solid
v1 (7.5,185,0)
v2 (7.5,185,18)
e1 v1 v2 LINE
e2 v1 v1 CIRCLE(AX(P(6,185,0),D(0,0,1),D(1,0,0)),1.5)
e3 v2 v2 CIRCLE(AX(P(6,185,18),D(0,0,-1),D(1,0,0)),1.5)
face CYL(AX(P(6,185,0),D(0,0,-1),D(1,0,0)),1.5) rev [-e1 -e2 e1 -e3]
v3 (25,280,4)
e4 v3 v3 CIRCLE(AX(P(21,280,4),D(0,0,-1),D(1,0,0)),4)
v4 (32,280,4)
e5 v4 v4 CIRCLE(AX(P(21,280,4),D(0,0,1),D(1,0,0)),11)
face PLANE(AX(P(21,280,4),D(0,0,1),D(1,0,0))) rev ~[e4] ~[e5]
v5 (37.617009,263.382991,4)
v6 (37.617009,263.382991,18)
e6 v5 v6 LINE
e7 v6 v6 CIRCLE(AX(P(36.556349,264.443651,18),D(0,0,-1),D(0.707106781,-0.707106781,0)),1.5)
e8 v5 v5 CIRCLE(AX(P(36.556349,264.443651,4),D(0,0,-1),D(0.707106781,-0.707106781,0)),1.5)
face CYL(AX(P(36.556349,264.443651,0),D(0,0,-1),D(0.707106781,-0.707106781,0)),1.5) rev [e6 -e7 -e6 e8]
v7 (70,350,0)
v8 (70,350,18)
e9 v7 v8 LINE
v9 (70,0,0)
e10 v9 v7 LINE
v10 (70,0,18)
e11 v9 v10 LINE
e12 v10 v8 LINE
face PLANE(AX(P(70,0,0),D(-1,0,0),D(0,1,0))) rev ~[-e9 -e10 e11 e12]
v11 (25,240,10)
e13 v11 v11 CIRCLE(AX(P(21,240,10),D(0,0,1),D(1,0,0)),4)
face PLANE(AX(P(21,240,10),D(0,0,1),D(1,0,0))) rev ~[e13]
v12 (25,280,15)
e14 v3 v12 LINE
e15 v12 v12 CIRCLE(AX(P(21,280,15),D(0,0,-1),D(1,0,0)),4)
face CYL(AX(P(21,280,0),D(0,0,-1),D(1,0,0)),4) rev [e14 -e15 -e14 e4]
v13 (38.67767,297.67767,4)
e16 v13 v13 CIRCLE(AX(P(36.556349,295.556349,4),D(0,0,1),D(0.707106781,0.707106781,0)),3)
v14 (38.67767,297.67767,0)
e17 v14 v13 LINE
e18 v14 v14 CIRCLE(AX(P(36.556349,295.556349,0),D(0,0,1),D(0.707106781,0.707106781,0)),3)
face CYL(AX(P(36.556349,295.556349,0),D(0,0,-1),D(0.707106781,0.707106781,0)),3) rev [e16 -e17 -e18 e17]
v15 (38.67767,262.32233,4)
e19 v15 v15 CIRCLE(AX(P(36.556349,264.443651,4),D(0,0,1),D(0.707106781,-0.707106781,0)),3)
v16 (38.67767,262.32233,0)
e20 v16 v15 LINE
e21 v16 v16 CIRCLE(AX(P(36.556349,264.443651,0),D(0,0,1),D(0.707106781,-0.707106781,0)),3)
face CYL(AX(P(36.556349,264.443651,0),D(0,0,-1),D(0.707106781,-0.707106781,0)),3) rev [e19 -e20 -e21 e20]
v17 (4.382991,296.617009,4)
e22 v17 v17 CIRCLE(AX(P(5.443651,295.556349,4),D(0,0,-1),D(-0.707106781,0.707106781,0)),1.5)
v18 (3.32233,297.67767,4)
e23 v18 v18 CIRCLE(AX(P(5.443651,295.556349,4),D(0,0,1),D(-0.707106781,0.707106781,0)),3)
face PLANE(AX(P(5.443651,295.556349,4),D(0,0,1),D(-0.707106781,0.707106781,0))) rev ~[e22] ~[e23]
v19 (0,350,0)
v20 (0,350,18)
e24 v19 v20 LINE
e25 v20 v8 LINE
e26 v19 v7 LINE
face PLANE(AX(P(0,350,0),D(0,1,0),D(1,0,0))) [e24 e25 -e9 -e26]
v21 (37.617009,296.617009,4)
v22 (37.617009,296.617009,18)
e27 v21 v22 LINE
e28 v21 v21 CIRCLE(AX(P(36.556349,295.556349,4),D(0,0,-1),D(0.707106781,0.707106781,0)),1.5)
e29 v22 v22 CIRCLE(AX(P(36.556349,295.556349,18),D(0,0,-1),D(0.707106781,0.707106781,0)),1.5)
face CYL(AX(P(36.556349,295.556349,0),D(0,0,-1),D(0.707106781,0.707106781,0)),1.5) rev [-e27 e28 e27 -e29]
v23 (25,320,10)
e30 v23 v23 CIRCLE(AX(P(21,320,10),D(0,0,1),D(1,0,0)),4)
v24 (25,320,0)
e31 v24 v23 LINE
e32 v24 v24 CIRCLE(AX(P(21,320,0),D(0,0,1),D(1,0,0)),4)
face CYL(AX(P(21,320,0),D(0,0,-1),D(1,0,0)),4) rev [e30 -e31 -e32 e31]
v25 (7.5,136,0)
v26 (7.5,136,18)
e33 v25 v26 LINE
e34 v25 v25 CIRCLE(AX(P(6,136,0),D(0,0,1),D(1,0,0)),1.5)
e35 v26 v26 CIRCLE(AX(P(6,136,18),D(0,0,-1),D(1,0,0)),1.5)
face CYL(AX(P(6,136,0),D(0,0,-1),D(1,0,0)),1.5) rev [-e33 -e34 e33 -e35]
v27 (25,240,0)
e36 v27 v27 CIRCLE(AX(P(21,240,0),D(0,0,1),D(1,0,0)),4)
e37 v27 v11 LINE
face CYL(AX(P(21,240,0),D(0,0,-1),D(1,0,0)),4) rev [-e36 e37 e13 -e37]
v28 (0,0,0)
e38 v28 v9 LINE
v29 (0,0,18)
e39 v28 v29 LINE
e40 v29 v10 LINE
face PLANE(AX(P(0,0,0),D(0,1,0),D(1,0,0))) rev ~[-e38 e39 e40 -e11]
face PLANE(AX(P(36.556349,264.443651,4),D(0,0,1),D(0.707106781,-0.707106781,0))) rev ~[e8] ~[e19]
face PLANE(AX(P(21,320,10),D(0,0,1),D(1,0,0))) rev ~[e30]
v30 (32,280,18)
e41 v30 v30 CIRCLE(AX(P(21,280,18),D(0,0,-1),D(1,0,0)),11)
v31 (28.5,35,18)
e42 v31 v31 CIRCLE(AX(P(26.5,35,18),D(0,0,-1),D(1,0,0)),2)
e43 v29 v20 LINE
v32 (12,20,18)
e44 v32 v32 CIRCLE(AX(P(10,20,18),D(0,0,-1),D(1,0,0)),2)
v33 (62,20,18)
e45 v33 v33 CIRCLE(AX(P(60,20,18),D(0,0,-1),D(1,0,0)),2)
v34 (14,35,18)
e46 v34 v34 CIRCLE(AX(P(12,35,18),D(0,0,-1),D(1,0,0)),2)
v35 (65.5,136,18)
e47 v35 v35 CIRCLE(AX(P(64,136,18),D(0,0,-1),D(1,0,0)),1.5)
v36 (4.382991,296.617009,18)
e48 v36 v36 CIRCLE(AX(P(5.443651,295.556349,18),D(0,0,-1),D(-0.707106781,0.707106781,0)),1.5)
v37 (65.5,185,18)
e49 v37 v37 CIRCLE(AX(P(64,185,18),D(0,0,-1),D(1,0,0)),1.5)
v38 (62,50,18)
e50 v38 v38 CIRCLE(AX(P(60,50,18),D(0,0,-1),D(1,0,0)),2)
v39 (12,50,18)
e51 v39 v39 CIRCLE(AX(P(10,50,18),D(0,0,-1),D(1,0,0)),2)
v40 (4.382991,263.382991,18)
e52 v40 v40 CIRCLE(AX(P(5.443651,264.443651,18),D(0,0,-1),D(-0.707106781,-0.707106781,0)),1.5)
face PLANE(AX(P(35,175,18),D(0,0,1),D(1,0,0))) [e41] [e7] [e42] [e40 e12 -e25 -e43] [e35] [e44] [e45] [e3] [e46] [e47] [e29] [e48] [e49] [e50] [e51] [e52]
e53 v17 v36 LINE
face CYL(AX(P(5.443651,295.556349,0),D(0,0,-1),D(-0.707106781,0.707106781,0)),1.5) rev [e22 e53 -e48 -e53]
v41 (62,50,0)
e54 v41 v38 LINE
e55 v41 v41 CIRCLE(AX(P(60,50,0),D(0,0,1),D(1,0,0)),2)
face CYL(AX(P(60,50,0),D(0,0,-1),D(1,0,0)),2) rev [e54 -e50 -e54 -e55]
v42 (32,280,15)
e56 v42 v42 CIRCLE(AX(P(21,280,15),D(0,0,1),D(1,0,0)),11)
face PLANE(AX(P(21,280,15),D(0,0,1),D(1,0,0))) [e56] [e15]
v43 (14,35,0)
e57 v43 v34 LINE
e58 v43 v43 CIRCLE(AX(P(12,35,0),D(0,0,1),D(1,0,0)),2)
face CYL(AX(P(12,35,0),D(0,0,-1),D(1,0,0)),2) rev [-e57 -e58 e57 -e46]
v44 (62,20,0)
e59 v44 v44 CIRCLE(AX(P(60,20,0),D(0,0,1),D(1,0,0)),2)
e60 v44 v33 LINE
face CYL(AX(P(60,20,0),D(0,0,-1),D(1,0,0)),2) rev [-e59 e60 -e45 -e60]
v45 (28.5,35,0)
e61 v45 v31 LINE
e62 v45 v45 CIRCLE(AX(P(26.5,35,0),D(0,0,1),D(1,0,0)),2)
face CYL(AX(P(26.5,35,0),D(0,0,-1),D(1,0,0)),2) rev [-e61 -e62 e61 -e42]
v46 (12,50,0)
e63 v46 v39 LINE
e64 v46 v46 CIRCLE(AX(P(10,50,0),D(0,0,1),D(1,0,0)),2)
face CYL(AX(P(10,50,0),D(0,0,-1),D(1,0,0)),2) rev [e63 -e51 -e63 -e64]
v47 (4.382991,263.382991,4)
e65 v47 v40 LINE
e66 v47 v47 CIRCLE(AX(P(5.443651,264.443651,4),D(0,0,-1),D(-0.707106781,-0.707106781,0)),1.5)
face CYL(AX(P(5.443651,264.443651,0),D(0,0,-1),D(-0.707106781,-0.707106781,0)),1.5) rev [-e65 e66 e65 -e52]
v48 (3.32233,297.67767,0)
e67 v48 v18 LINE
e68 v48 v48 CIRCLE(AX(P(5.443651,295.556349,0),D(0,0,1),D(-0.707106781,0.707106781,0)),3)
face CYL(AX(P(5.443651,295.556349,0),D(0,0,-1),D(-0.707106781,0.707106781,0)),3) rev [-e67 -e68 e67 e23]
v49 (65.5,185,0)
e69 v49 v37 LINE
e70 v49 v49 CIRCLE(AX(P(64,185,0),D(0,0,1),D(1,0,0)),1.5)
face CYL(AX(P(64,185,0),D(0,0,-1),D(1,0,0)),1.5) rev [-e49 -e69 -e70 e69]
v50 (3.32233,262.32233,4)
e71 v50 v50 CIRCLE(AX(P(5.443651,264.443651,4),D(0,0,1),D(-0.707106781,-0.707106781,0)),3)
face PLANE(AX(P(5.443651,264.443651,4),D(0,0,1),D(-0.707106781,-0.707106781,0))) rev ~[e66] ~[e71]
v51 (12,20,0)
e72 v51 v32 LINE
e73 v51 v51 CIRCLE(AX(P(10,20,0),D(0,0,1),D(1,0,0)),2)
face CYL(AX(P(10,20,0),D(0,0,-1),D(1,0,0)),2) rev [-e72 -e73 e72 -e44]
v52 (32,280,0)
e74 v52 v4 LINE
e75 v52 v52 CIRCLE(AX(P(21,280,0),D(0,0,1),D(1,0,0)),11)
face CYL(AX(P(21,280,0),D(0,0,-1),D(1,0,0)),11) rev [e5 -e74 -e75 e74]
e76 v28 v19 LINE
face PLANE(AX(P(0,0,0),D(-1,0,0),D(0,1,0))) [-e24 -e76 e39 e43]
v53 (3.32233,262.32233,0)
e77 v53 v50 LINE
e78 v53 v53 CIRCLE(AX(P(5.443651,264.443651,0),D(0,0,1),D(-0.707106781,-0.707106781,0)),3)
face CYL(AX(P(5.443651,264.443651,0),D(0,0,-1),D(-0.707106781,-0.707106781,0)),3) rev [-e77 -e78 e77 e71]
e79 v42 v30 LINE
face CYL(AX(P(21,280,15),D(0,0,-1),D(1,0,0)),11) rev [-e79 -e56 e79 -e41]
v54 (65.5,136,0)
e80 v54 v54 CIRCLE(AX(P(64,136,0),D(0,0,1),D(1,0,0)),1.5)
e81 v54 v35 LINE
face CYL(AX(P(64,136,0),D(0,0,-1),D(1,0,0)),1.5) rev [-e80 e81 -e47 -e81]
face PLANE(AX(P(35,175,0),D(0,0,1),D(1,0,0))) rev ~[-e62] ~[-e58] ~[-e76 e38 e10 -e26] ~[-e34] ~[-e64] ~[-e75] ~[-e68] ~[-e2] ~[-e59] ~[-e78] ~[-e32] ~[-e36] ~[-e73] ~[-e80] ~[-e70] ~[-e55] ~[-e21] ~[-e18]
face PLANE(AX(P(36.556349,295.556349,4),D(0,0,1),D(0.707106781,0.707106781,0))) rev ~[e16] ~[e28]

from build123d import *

# Parameters (mm, degrees)
CYLINDER015_R            = 3
CYLINDER015_DEPTH        = 4
ARRAY002_COUNT           = 4
ARRAY002_PLACEMENT_ANGLE = 45
CYLINDER014_R            = 4
CYLINDER014_DEPTH        = 10
ARRAY001_Y_COUNT         = 2
ARRAY001_Y_PITCH         = 80
CYLINDER011_R            = 4
CYLINDER011_DEPTH        = 25
CYLINDER012_R            = 11
CYLINDER012_DEPTH        = 10
CYLINDER013_R            = 11
CYLINDER013_DEPTH        = 4
CYLINDER010_R            = 1.5
CYLINDER010_DEPTH        = 25
ARRAY_COUNT              = 4
ARRAY_PLACEMENT_ANGLE    = 45
CYLINDER008_R            = 1.5
CYLINDER008_DEPTH        = 25
CYLINDER007_R            = 1.5
CYLINDER007_DEPTH        = 25
CYLINDER006_R            = 1.5
CYLINDER006_DEPTH        = 25
CYLINDER009_R            = 1.5
CYLINDER009_DEPTH        = 25
CYLINDER003_R            = 2
CYLINDER003_DEPTH        = 25
CYLINDER004_R            = 2
CYLINDER004_DEPTH        = 25
CYLINDER002_R            = 2
CYLINDER002_DEPTH        = 25
CYLINDER001_R            = 2
CYLINDER001_DEPTH        = 25
CYLINDER_R               = 2
CYLINDER_DEPTH           = 25
CYLINDER005_R            = 2
CYLINDER005_DEPTH        = 25
BOX_W                    = 70
BOX_H                    = 350
BOX_DEPTH                = 18


with BuildPart() as array002:
    # Cylinder015 → Cylinder015 (new body)
    with BuildSketch(Plane(origin=(22, 0, 0), x_dir=(1, 0, 0), z_dir=(0, 0, 1))):
        Circle(CYLINDER015_R)
    extrude(amount=CYLINDER015_DEPTH)

    # Array002: Array002 ×4 about axis
    array002_axis = Axis((0, 0, 0), (0, 0, 1))


with BuildPart() as array002_1:
    add(array002.part)
    for i in range(1, ARRAY002_COUNT):
        add(array002.part.rotate(array002_axis, i * 360 / ARRAY002_COUNT))


with BuildPart() as array002_2:
    # Array002 placement: moved
    add(array002_1.part.moved(Location((21, 280, 0))).rotate(Axis((21, 280, 0), (0, 0, 1)), ARRAY002_PLACEMENT_ANGLE))


with BuildPart() as array001:
    # Cylinder014 → Cylinder014 (new body)
    with BuildSketch(Plane.XY):
        Circle(CYLINDER014_R)
    extrude(amount=CYLINDER014_DEPTH)

    # Array001 Y: Array001 ×2


with BuildPart() as array001_1:
    add(array001.part)
    with Locations(*[(0, i * ARRAY001_Y_PITCH, 0) for i in range(1, ARRAY001_Y_COUNT)]):
        add(array001.part)


with BuildPart() as array001_2:
    # Array001 placement: moved
    add(array001_1.part.moved(Location((21, 240, 0))))


with BuildPart() as cilindro011:
    # Cylinder011 → Cylinder011 (new body)
    with BuildSketch(Plane.XY):
        Circle(CYLINDER011_R)
    extrude(amount=CYLINDER011_DEPTH)


with BuildPart() as cilindro012:
    # Cylinder012 → Cylinder012 (new body)
    with BuildSketch(Plane.XY.offset(15)):
        Circle(CYLINDER012_R)
    extrude(amount=CYLINDER012_DEPTH)


with BuildPart() as fusion002:
    # Cylinder013 → Cylinder013 (new body)
    with BuildSketch(Plane.XY):
        Circle(CYLINDER013_R)
    extrude(amount=CYLINDER013_DEPTH)

    # Fusion002: union Cilindro011, Cilindro012
    add(cilindro011.part)
    add(cilindro012.part)


with BuildPart() as fusion002_1:
    # Fusion002 placement: moved
    add(fusion002.part.moved(Location((21, 280, 0))))


with BuildPart() as array:
    # Cylinder010 → Cylinder010 (new body)
    with BuildSketch(Plane(origin=(22, 0, 0), x_dir=(1, 0, 0), z_dir=(0, 0, 1))):
        Circle(CYLINDER010_R)
    extrude(amount=CYLINDER010_DEPTH)

    # Array: Array ×4 about axis
    array_axis = Axis((0, 0, 0), (0, 0, 1))


with BuildPart() as array_1:
    add(array.part)
    for i in range(1, ARRAY_COUNT):
        add(array.part.rotate(array_axis, i * 360 / ARRAY_COUNT))


with BuildPart() as array_2:
    # Array placement: moved
    add(array_1.part.moved(Location((21, 280, 0))).rotate(Axis((21, 280, 0), (0, 0, 1)), ARRAY_PLACEMENT_ANGLE))


with BuildPart() as cilindro008:
    # Cylinder008 → Cylinder008 (new body)
    with BuildSketch(Plane(origin=(6, 185, 0), x_dir=(1, 0, 0), z_dir=(0, 0, 1))):
        Circle(CYLINDER008_R)
    extrude(amount=CYLINDER008_DEPTH)


with BuildPart() as cilindro007:
    # Cylinder007 → Cylinder007 (new body)
    with BuildSketch(Plane(origin=(6, 136, 0), x_dir=(1, 0, 0), z_dir=(0, 0, 1))):
        Circle(CYLINDER007_R)
    extrude(amount=CYLINDER007_DEPTH)


with BuildPart() as cilindro006:
    # Cylinder006 → Cylinder006 (new body)
    with BuildSketch(Plane(origin=(64, 136, 0), x_dir=(1, 0, 0), z_dir=(0, 0, 1))):
        Circle(CYLINDER006_R)
    extrude(amount=CYLINDER006_DEPTH)


with BuildPart() as fusion001:
    # Cylinder009 → Cylinder009 (new body)
    with BuildSketch(Plane(origin=(64, 185, 0), x_dir=(1, 0, 0), z_dir=(0, 0, 1))):
        Circle(CYLINDER009_R)
    extrude(amount=CYLINDER009_DEPTH)

    # Fusion001: union Cilindro008, Cilindro007, Cilindro006
    add(cilindro008.part)
    add(cilindro007.part)
    add(cilindro006.part)


with BuildPart() as cilindro003:
    # Cylinder003 → Cylinder003 (new body)
    with BuildSketch(Plane(origin=(60, 50, 0), x_dir=(1, 0, 0), z_dir=(0, 0, 1))):
        Circle(CYLINDER003_R)
    extrude(amount=CYLINDER003_DEPTH)


with BuildPart() as cilindro004:
    # Cylinder004 → Cylinder004 (new body)
    with BuildSketch(Plane(origin=(12, 35, 0), x_dir=(1, 0, 0), z_dir=(0, 0, 1))):
        Circle(CYLINDER004_R)
    extrude(amount=CYLINDER004_DEPTH)


with BuildPart() as cilindro002:
    # Cylinder002 → Cylinder002 (new body)
    with BuildSketch(Plane(origin=(10, 50, 0), x_dir=(1, 0, 0), z_dir=(0, 0, 1))):
        Circle(CYLINDER002_R)
    extrude(amount=CYLINDER002_DEPTH)


with BuildPart() as cilindro001:
    # Cylinder001 → Cylinder001 (new body)
    with BuildSketch(Plane(origin=(60, 20, 0), x_dir=(1, 0, 0), z_dir=(0, 0, 1))):
        Circle(CYLINDER001_R)
    extrude(amount=CYLINDER001_DEPTH)


with BuildPart() as cilindro:
    # Cylinder → Cylinder (new body)
    with BuildSketch(Plane(origin=(10, 20, 0), x_dir=(1, 0, 0), z_dir=(0, 0, 1))):
        Circle(CYLINDER_R)
    extrude(amount=CYLINDER_DEPTH)


with BuildPart() as fusion:
    # Cylinder005 → Cylinder005 (new body)
    with BuildSketch(Plane(origin=(26.5, 35, 0), x_dir=(1, 0, 0), z_dir=(0, 0, 1))):
        Circle(CYLINDER005_R)
    extrude(amount=CYLINDER005_DEPTH)

    # Fusion: union Cilindro003, Cilindro004, Cilindro002, Cilindro001, Cilindro
    add(cilindro003.part)
    add(cilindro004.part)
    add(cilindro002.part)
    add(cilindro001.part)
    add(cilindro.part)


with BuildPart() as cut005:
    # Box → Box (new body)
    with BuildSketch(Plane.XY):
        with Locations((35, 175)):
            Rectangle(BOX_W, BOX_H)
    extrude(amount=BOX_DEPTH)

    # Cut: cut Fusion
    add(fusion.part, mode=Mode.SUBTRACT)

    # Cut001: cut Fusion001
    add(fusion001.part, mode=Mode.SUBTRACT)

    # Cut002: cut Array
    add(array_2.part, mode=Mode.SUBTRACT)

    # Cut003: cut Fusion002
    add(fusion002_1.part, mode=Mode.SUBTRACT)

    # Cut004: cut Array001
    add(array001_2.part, mode=Mode.SUBTRACT)

    # Cut005: cut Array002
    add(array002_2.part, mode=Mode.SUBTRACT)


solid = cut005.part
